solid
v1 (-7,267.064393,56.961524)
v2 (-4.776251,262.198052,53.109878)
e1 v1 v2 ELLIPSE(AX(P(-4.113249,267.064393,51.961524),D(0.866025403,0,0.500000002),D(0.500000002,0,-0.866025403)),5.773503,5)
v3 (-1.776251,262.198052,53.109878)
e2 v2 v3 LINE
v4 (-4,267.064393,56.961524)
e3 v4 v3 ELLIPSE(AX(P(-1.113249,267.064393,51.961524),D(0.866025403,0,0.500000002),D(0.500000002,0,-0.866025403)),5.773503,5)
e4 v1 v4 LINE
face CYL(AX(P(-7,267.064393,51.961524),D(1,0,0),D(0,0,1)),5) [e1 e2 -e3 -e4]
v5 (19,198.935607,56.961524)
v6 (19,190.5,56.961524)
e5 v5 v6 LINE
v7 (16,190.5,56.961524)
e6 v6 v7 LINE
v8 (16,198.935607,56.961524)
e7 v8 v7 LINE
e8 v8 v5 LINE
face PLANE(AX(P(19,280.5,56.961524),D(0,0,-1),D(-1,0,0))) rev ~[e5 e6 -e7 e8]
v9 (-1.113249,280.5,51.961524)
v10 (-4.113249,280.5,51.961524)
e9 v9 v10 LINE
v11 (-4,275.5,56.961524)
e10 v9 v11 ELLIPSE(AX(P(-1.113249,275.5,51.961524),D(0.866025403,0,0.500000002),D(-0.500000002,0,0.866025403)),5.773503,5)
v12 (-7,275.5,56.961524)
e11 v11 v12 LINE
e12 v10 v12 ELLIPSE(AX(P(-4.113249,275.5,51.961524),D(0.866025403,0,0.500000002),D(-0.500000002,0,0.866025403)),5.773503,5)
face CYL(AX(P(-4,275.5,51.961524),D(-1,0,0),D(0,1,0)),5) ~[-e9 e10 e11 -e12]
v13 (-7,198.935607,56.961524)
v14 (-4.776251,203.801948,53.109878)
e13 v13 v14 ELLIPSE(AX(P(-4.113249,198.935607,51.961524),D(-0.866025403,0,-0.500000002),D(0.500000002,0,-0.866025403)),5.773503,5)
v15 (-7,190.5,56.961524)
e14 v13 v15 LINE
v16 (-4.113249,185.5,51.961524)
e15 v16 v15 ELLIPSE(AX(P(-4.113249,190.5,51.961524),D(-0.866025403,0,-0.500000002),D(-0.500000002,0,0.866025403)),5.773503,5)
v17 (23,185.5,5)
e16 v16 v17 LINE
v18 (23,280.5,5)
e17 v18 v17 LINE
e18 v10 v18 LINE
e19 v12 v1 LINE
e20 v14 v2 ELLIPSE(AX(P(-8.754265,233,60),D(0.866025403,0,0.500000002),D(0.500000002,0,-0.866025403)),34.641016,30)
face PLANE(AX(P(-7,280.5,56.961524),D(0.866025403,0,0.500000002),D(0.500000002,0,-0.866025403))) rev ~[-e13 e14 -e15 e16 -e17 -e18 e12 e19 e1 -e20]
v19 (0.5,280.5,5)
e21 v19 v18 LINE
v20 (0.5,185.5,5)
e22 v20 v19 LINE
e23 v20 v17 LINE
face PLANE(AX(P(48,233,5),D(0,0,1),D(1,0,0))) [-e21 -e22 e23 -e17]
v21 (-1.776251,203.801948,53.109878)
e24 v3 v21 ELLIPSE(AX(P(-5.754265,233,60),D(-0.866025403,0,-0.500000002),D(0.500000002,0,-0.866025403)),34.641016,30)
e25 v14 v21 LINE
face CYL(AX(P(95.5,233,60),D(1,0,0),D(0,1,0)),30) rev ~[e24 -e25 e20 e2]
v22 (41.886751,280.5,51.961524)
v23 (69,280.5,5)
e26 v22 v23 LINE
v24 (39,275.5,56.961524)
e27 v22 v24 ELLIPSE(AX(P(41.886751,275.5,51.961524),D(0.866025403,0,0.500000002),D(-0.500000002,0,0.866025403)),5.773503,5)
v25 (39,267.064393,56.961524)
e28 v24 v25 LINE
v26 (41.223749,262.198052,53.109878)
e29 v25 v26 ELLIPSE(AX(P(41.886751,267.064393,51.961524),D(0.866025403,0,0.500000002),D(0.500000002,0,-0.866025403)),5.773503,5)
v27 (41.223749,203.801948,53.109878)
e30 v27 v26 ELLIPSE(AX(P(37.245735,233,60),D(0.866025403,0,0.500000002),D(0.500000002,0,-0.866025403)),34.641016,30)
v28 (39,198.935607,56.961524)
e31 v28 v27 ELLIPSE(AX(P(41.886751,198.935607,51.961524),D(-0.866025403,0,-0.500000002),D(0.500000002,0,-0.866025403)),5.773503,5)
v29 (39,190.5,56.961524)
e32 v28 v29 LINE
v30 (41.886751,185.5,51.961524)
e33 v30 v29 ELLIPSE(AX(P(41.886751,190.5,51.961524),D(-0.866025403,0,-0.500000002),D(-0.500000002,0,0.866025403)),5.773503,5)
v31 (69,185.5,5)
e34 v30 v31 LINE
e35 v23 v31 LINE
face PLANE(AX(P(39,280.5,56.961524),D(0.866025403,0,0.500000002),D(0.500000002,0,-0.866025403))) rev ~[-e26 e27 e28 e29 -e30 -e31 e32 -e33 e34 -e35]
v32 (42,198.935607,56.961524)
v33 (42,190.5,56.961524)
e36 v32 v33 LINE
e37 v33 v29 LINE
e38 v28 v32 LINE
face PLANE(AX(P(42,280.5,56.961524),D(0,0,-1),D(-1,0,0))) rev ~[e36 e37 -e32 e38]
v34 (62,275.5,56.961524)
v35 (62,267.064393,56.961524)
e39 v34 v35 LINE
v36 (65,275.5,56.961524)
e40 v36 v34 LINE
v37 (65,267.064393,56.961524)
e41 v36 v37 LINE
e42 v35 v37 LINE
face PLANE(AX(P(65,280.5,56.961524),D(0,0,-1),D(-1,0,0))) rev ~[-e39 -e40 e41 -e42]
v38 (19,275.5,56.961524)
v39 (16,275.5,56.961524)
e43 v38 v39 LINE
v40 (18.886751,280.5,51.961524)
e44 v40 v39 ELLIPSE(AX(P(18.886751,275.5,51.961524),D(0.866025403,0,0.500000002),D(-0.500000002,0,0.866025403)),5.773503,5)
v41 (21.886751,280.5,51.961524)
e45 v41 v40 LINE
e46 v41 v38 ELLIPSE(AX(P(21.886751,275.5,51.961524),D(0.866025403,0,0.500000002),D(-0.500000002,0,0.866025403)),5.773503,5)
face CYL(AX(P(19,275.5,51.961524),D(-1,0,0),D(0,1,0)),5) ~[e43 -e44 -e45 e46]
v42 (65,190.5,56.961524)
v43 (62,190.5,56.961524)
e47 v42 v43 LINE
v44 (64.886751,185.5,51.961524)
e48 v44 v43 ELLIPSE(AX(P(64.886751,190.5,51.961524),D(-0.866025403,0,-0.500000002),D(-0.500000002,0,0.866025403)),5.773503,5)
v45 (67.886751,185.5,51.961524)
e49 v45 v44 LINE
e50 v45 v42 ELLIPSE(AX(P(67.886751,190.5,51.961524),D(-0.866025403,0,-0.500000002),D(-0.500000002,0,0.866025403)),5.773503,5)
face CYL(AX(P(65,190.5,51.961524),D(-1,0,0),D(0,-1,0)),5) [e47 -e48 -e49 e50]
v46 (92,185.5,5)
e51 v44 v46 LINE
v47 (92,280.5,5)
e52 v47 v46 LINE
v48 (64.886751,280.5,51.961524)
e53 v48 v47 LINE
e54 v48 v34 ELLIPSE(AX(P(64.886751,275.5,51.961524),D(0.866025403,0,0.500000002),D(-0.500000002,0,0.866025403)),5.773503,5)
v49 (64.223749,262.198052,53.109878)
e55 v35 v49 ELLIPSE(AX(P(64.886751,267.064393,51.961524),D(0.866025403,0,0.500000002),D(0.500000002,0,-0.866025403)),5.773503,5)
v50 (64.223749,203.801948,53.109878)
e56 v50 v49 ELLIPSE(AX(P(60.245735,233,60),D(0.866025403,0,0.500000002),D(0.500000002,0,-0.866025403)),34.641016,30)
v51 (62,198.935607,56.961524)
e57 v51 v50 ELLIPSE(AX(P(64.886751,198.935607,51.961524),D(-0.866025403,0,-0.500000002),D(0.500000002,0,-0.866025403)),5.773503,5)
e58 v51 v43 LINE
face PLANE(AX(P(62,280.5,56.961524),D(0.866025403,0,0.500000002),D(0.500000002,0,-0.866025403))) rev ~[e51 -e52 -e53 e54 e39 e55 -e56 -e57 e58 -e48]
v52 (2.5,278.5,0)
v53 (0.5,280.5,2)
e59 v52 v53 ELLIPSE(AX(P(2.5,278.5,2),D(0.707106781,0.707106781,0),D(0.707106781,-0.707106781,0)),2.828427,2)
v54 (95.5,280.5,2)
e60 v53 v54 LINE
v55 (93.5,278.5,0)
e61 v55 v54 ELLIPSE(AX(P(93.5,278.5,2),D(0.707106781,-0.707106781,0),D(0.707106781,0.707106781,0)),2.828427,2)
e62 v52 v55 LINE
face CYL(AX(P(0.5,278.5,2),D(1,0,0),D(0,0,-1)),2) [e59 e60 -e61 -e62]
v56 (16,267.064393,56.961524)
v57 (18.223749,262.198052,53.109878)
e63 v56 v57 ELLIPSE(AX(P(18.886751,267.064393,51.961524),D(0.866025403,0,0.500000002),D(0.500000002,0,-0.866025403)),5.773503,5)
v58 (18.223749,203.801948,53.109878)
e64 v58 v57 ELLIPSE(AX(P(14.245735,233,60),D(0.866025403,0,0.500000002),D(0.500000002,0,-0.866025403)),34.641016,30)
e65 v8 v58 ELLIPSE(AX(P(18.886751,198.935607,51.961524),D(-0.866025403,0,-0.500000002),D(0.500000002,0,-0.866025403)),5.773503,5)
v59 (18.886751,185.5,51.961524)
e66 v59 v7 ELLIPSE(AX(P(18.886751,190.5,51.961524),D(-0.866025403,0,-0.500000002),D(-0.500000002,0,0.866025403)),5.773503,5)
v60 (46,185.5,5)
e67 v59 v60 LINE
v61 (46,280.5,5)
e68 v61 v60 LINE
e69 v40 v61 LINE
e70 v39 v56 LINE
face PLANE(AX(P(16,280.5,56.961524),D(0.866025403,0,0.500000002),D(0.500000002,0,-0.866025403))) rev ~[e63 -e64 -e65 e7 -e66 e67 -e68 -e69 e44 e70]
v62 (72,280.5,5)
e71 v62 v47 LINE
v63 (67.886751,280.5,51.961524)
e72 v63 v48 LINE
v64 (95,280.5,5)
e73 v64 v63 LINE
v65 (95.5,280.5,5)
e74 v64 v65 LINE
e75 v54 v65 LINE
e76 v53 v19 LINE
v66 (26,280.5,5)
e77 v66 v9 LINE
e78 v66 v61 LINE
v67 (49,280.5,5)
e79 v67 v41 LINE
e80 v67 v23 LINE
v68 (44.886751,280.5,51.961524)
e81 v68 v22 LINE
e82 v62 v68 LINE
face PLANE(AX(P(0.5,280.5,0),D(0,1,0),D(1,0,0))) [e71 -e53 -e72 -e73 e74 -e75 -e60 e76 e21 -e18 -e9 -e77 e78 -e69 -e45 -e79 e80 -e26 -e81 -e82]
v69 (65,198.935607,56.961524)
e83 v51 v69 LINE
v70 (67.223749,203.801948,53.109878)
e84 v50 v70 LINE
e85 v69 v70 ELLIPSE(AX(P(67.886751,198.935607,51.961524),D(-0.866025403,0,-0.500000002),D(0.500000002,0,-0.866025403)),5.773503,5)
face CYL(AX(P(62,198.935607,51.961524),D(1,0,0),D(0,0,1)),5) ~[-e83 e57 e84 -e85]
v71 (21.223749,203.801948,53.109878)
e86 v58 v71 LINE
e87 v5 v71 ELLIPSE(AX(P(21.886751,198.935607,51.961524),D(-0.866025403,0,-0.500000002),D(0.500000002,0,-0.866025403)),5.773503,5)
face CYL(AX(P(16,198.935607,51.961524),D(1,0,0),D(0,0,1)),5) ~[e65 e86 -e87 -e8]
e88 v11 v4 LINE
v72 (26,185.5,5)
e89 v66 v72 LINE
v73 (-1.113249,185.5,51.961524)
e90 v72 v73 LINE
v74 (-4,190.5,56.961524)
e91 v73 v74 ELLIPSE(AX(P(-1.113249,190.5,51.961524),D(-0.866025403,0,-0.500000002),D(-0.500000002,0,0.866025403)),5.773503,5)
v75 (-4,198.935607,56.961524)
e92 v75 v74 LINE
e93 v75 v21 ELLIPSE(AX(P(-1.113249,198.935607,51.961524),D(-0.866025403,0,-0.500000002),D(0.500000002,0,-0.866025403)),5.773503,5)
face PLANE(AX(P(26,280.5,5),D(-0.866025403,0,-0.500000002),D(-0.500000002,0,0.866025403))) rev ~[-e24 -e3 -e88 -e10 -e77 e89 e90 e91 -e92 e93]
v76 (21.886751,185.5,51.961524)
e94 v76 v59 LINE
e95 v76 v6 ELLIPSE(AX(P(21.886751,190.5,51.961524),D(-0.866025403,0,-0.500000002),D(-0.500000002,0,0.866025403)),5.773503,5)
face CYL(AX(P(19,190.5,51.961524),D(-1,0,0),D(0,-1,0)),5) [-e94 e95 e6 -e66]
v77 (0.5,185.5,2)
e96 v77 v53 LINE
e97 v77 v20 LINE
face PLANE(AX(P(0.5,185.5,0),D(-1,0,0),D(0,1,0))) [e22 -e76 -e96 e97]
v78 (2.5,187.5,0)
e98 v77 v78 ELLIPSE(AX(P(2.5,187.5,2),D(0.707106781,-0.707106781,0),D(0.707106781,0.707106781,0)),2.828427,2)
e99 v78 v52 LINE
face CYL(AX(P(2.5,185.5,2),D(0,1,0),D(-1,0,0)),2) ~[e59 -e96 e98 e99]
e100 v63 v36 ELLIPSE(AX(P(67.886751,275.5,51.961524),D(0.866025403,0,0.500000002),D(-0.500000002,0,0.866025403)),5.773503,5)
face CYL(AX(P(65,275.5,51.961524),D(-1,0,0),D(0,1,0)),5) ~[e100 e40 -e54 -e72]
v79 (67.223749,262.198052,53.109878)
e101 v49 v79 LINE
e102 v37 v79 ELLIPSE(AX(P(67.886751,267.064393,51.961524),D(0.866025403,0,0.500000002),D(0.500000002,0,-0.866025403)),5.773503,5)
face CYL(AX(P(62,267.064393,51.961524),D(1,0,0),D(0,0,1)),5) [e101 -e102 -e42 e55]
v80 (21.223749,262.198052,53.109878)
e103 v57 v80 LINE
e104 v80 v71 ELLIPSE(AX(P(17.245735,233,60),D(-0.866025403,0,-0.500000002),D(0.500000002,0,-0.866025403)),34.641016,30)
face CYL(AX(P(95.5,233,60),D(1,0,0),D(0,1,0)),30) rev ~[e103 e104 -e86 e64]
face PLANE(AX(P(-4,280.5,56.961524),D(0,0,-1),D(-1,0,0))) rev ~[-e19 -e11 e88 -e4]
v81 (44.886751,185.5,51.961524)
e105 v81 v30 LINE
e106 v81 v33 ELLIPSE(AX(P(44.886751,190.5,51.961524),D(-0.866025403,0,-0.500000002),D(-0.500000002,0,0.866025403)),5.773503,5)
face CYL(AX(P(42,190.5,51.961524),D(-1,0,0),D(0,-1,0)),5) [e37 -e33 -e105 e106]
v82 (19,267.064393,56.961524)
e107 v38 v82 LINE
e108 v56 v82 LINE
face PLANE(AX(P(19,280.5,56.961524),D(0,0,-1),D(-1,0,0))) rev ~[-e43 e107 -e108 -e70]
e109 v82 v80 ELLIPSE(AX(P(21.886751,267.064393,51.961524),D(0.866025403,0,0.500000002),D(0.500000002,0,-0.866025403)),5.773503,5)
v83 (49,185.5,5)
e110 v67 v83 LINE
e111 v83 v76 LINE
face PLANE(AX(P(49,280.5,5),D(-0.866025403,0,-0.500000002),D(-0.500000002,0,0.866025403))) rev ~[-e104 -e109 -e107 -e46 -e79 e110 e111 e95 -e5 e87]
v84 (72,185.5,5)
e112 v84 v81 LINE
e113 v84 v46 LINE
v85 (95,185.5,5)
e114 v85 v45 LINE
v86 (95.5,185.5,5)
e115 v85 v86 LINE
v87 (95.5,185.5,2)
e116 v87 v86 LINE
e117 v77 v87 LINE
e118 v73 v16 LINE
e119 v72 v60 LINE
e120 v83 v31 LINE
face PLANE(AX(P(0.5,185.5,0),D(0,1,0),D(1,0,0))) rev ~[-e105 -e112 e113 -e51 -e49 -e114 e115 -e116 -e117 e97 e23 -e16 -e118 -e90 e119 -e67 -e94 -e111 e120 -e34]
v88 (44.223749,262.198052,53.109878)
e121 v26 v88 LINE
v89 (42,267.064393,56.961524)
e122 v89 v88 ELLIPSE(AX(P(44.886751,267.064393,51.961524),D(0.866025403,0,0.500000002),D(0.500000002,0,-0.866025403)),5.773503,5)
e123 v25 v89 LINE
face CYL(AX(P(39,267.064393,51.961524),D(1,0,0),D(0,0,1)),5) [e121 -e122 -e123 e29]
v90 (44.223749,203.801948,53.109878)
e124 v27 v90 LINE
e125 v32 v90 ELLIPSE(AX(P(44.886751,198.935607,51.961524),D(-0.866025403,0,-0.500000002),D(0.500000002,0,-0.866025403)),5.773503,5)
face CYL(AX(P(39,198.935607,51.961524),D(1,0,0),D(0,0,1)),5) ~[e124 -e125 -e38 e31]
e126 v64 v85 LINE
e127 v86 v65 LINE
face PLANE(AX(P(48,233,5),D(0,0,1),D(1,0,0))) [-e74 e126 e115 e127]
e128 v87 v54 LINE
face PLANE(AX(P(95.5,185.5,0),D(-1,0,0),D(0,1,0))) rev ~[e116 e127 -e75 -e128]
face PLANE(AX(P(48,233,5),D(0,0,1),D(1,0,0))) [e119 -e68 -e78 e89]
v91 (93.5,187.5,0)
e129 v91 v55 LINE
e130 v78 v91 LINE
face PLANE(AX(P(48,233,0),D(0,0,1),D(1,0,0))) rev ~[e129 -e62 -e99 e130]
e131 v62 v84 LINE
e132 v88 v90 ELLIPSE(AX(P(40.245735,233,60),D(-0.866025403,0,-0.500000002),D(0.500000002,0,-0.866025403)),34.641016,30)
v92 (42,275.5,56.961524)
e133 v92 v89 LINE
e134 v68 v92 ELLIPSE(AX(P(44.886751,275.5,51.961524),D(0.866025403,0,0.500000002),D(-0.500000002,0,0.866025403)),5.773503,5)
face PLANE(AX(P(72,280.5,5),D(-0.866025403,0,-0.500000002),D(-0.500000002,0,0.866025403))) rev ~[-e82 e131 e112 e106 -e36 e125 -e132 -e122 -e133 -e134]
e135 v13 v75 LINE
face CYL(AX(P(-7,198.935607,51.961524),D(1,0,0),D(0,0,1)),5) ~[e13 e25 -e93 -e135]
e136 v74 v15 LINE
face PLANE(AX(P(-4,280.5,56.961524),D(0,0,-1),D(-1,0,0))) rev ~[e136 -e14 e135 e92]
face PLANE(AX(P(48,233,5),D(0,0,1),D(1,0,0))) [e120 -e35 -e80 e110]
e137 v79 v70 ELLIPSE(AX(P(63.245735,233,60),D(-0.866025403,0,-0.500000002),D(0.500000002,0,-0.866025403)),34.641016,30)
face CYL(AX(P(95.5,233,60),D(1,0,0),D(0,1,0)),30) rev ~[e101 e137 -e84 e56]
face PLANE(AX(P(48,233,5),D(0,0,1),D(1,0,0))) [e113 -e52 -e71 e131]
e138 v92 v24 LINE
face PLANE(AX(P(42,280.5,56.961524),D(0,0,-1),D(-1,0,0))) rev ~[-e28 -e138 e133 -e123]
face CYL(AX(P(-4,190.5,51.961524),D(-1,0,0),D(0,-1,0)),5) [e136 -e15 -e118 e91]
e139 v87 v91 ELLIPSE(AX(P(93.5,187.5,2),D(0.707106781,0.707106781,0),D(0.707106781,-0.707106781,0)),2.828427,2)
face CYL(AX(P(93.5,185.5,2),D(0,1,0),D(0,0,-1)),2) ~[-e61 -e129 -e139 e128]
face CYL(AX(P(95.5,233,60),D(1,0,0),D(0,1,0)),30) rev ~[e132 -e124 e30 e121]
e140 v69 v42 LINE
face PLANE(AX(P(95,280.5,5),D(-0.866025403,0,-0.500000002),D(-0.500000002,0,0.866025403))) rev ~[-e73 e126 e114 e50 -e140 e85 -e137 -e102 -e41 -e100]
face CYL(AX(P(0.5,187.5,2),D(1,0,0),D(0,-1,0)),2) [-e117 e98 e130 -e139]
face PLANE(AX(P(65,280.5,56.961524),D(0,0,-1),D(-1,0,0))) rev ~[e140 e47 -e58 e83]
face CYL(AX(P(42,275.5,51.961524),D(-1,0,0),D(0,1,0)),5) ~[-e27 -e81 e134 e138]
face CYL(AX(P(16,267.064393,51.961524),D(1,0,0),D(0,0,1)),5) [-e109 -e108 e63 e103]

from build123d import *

# Parameters (mm, degrees)
SKETCH024_W     = 95
SKETCH024_H     = 95
PAD016_DEPTH    = 5
PAD017_DEPTH    = 95
SKETCH029_R     = 30
POCKET009_DEPTH = 102.501
FILLET022_R     = 5
FILLET023_R     = 2


with BuildPart() as part:
    # Sketch024 → Pad016 (new body)
    with BuildSketch(Plane.XY):
        Rectangle(SKETCH024_W, SKETCH024_H)
    extrude(amount=PAD016_DEPTH)

    # Sketch025 (on DatumPlane) → Pad017 (join)
    with BuildSketch(Plane(origin=(0, 47.5, 0), x_dir=(-1, 0, 0), z_dir=(0, 1, 0))):
        Polygon((-47, 5), (-17, 56.961524), (-14, 56.961524), (-44, 5), align=None)
        Polygon((-24, 5), (6, 56.961524), (9, 56.961524), (-21, 5), align=None)
        Polygon((-1, 5), (29, 56.961524), (32, 56.961524), (2, 5), align=None)
        Polygon((22, 5), (52, 56.961524), (55, 56.961524), (25, 5), align=None)
    extrude(amount=-PAD017_DEPTH)

    # Sketch029 (on DatumPlane) → Pocket009 (cut, through all)
    with BuildSketch(Plane.YZ.offset(47.5)):
        with Locations((0, 60)):
            Circle(SKETCH029_R)
    extrude(amount=-POCKET009_DEPTH, mode=Mode.SUBTRACT)

    # Fillet022
    fillet022_edges = [part.edges().sort_by_distance(p)[0] for p in [
        (15.5, -47.5, 56.961524),
        (15.5, -29.845731, 56.961524),
        (-7.5, -47.5, 56.961524),
        (-7.5, -29.845731, 56.961524),
        (-30.5, -47.5, 56.961524),
        (-30.5, -29.845731, 56.961524),
        (-53.5, -47.5, 56.961524),
        (-53.5, -29.845731, 56.961524),
        (15.5, 29.845731, 56.961524),
        (15.5, 47.5, 56.961524),
        (-7.5, 29.845731, 56.961524),
        (-7.5, 47.5, 56.961524),
        (-30.5, 29.845731, 56.961524),
        (-30.5, 47.5, 56.961524),
        (-53.5, 29.845731, 56.961524),
        (-53.5, 47.5, 56.961524),
    ]]
    fillet(fillet022_edges, radius=FILLET022_R)

    # Fillet023
    fillet023_edges = [part.edges().sort_by_distance(p)[0] for p in [
        (0, -47.5, 0),
        (47.5, 0, 0),
        (0, 47.5, 0),
        (-47.5, 0, 0),
    ]]
    fillet(fillet023_edges, radius=FILLET023_R)


with BuildPart() as part_1:
    # Body011 placement: moved
    add(part.part.moved(Location((48, 233, 0))))


solid = part_1.part
